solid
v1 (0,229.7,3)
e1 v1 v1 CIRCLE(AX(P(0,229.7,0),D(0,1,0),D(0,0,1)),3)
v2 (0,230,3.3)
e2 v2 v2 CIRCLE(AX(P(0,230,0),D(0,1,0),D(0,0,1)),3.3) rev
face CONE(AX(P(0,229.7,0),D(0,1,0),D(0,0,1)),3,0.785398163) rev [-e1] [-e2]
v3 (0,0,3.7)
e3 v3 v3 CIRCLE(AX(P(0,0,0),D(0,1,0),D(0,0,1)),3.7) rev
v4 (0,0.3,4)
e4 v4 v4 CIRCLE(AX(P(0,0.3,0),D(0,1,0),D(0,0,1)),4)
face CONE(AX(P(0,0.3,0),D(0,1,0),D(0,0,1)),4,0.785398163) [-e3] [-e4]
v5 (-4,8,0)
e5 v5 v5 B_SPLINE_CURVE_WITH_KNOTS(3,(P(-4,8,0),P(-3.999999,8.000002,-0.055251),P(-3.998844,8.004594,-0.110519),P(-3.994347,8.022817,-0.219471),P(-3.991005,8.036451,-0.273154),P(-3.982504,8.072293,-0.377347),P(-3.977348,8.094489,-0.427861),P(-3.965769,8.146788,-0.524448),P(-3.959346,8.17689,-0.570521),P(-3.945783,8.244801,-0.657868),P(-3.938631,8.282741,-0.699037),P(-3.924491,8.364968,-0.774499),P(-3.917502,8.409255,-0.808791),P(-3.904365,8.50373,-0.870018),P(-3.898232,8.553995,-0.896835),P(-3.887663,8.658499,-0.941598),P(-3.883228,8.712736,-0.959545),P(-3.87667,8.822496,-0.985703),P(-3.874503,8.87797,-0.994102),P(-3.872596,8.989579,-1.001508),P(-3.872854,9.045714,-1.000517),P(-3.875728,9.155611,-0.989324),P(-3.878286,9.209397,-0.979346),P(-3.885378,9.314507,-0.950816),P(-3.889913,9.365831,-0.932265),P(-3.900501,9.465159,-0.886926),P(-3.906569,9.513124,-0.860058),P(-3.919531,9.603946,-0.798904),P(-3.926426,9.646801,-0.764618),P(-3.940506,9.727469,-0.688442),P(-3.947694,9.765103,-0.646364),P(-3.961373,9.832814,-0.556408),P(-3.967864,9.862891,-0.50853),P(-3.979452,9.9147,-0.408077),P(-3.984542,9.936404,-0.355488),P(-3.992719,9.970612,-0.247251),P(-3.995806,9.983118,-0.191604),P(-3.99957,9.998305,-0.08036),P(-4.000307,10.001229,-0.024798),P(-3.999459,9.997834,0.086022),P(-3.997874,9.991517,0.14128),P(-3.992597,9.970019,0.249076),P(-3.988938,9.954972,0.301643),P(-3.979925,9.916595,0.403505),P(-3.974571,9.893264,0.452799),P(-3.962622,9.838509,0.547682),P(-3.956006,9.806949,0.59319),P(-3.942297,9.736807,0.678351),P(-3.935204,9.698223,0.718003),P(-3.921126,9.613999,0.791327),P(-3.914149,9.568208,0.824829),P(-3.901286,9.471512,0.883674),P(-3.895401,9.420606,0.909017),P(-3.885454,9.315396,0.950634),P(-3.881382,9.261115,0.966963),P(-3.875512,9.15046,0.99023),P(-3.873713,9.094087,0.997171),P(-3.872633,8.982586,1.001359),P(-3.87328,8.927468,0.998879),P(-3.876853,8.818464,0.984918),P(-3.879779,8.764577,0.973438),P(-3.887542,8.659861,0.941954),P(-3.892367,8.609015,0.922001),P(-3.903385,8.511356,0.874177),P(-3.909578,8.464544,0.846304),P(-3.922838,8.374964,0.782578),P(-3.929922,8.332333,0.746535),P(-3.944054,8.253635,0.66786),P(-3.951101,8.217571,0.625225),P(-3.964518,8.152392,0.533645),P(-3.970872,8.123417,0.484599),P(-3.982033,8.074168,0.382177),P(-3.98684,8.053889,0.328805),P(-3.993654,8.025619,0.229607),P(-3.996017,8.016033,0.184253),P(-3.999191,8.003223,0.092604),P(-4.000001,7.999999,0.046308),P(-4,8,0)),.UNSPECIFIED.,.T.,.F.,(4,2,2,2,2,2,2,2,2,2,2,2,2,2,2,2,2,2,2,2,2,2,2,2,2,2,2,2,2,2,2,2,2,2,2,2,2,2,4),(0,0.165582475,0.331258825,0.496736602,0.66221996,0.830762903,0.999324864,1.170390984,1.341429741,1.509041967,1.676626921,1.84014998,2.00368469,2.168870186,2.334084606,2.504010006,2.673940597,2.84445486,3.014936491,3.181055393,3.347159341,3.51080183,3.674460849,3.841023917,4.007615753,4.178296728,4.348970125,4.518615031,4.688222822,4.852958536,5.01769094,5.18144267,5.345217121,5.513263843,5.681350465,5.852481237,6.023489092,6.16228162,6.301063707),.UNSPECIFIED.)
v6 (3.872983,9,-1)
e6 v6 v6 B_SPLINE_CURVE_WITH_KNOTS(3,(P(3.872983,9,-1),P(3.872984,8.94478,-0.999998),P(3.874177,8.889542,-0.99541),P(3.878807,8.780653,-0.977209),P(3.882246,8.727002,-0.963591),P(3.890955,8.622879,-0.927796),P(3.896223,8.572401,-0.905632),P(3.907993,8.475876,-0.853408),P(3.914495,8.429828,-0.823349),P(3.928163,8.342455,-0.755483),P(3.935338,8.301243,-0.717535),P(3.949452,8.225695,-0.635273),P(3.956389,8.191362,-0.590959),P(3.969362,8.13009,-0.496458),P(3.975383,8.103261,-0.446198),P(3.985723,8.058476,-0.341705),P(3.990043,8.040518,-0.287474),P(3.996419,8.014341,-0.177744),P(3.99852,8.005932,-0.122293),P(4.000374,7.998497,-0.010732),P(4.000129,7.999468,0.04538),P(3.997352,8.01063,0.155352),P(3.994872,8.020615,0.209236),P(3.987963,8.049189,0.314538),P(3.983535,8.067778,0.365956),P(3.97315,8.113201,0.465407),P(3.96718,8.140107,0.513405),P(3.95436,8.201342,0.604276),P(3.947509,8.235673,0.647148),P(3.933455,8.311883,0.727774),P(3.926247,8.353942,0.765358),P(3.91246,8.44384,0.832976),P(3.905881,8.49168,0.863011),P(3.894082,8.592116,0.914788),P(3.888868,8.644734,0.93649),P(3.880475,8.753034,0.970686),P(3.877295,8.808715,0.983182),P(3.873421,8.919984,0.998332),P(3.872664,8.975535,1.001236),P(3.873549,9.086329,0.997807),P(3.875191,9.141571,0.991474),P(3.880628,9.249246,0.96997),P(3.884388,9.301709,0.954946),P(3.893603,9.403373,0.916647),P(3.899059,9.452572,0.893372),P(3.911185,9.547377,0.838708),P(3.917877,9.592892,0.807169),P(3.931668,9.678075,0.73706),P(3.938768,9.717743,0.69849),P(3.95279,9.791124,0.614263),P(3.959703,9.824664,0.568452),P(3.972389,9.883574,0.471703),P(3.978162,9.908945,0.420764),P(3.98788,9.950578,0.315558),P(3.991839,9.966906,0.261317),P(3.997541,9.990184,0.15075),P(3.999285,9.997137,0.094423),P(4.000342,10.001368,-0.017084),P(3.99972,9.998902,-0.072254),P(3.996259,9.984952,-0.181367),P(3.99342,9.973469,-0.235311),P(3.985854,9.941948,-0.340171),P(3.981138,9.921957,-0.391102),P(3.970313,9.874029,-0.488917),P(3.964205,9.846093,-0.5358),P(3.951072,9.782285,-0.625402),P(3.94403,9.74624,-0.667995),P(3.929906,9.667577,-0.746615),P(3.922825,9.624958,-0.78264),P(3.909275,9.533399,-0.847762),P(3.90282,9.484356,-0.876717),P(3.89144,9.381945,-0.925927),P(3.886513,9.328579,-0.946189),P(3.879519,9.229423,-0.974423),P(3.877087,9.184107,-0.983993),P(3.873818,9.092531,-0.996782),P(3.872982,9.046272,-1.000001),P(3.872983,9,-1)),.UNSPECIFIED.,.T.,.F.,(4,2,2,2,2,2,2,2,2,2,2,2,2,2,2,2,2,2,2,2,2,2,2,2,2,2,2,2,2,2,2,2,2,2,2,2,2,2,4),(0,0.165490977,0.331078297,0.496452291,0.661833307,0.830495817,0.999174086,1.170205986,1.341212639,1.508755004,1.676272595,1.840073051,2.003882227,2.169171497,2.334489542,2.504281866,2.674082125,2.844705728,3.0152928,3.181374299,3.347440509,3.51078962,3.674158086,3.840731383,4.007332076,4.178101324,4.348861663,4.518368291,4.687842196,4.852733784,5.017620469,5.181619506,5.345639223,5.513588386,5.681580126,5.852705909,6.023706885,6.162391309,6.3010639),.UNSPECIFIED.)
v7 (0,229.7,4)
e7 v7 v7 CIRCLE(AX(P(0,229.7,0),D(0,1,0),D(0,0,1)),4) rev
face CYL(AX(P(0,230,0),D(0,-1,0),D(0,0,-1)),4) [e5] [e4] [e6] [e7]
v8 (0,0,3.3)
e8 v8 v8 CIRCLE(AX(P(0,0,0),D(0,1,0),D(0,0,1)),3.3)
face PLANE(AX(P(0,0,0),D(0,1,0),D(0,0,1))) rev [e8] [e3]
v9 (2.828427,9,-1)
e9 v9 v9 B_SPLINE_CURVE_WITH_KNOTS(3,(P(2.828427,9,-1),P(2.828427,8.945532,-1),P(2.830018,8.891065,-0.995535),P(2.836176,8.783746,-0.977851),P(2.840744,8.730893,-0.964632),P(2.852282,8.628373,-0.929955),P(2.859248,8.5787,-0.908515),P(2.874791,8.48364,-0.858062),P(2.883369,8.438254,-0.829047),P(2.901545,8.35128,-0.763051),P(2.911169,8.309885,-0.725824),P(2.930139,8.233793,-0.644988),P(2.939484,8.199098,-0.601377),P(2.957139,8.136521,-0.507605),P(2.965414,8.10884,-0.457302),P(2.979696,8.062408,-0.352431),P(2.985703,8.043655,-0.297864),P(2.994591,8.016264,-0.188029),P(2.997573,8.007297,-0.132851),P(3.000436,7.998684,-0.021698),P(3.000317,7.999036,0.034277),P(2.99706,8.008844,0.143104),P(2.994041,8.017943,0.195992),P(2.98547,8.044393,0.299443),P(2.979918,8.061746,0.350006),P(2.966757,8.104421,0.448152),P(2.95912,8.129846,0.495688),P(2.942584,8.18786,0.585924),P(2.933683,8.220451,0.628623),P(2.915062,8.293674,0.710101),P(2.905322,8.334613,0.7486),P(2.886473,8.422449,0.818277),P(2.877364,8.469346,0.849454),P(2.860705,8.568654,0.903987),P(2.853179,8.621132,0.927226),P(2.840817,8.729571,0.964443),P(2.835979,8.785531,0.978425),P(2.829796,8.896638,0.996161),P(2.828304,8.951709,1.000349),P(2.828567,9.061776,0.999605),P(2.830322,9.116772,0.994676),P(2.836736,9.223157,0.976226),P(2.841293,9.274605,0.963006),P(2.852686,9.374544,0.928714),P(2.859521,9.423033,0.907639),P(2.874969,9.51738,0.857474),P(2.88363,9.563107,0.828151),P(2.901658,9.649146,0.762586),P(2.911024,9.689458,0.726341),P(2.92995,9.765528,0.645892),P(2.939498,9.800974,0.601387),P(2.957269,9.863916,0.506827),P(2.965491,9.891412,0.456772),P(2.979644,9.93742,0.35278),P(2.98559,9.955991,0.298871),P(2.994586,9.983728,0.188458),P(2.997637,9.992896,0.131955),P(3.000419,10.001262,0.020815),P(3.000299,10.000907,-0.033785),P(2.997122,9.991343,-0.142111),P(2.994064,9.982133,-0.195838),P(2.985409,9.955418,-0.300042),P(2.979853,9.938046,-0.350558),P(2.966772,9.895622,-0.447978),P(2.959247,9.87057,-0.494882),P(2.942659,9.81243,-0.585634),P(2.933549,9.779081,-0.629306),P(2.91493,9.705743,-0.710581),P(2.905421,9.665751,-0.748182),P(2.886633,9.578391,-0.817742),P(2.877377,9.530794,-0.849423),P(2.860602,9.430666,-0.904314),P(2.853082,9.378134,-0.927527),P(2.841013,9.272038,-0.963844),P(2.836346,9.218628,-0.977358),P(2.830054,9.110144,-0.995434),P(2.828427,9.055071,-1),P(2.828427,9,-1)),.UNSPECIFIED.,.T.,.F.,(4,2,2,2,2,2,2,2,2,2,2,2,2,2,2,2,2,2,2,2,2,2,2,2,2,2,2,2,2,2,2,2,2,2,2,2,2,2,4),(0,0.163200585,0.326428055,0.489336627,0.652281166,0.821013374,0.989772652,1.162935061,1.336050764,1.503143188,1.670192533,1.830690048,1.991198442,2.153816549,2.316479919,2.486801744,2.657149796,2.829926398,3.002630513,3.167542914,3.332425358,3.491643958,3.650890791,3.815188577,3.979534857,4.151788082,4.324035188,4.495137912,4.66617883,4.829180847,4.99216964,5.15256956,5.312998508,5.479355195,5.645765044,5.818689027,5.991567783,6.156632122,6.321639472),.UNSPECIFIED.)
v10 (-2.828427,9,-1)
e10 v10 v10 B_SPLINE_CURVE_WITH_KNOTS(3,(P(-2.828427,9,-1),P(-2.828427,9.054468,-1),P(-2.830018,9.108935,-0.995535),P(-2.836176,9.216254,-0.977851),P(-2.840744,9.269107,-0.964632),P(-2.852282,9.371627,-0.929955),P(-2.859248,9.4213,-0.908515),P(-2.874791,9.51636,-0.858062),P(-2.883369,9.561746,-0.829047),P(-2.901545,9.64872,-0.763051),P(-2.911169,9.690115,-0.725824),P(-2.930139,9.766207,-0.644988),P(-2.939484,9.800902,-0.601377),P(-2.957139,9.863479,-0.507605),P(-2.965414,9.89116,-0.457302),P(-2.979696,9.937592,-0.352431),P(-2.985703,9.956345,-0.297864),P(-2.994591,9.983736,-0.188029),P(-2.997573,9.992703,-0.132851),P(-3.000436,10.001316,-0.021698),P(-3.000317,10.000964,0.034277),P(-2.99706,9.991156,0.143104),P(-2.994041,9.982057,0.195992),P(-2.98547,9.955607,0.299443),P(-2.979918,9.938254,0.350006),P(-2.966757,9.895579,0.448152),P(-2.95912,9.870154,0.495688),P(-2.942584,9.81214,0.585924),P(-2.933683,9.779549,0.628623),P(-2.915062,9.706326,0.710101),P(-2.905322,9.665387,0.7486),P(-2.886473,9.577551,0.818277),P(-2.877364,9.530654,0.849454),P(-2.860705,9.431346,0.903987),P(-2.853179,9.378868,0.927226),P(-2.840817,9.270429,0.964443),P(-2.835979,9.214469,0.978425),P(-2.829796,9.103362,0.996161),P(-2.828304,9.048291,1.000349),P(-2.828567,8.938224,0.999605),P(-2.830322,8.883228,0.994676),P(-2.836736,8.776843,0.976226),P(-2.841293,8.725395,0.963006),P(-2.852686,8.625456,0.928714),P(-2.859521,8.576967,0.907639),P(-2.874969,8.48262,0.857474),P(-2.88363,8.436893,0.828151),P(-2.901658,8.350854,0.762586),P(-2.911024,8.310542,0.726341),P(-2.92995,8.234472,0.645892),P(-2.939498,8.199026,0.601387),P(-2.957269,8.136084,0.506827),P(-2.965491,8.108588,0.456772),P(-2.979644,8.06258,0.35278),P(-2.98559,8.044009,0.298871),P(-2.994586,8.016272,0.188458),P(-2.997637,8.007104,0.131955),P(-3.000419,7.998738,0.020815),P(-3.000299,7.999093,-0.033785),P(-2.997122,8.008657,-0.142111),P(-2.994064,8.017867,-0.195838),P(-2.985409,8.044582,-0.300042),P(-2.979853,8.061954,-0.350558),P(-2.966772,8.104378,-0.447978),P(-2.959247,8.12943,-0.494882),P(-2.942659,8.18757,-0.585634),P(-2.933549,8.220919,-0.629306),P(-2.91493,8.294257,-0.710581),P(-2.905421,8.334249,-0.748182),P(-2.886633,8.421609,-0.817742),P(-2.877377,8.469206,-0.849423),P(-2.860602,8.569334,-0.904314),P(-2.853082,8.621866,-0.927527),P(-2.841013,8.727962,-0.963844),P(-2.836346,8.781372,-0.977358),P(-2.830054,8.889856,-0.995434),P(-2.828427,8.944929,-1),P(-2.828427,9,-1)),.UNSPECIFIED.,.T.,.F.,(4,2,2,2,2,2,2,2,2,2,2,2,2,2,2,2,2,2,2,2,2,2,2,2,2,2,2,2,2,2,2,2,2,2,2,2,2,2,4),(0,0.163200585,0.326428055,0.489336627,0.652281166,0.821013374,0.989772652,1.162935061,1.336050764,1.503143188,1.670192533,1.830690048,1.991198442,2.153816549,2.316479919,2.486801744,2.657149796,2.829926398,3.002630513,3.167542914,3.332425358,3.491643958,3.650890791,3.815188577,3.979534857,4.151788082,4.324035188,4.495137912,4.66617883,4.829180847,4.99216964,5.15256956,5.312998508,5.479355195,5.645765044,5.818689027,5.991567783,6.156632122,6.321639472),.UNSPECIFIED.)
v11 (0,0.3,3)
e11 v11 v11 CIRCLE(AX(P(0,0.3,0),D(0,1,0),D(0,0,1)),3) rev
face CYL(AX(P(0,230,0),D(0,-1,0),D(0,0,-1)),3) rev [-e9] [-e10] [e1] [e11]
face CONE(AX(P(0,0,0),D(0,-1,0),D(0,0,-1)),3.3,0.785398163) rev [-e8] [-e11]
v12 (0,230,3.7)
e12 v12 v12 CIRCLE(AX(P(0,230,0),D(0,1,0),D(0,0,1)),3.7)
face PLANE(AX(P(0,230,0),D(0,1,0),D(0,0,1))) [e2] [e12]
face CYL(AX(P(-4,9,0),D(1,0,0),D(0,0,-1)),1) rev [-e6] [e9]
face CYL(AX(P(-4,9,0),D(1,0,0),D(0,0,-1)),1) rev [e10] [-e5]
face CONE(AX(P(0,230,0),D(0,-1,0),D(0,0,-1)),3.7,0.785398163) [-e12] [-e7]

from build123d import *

# Parameters (mm, degrees)
SKETCH_1_R               = 4
SKETCH_1_R_2             = 3
EXTRUDE_1_DEPTH          = 230
CHAMFER_1_SIZE           = 0.3
CUT_EXTRUDE_1_DEPTH      = 231.0695547
CUT_EXTRUDE_1_DEPTH_BACK = 231.0695547
SKETCH_2_R               = 1


with BuildPart() as part:
    # Эскиз1 → Бобышка-Вытянуть1 (new body)
    with BuildSketch(Plane(origin=(0, 0, 0), x_dir=(1, 0, 0), z_dir=(0, 1, 0))):
        with Locations(Location((0, 0, 0), (0, 0, 270))):
            Circle(SKETCH_1_R)
        with Locations(Location((0, 0, 0), (0, 0, 270))):
            Circle(SKETCH_1_R_2, mode=Mode.SUBTRACT)
    extrude(amount=EXTRUDE_1_DEPTH)

    # Фаска1
    chamfer_1_edges = [part.edges().sort_by_distance(p)[0] for p in [
        (0, 0, -4),
        (0, 230, -4),
        (0, 0, -3),
        (0, 230, -3),
    ]]
    chamfer(chamfer_1_edges, length=CHAMFER_1_SIZE)

    # Эскиз2 → Вырез-Вытянуть1 (cut, two sides: drawn at the far end of the back side and taken through both)
    with BuildSketch(Plane(origin=(0, 0, 0), x_dir=(0, 0, -1), z_dir=(1, 0, 0)).offset(-CUT_EXTRUDE_1_DEPTH_BACK)):
        with Locations((0, 9)):
            Circle(SKETCH_2_R)
    extrude(amount=CUT_EXTRUDE_1_DEPTH + CUT_EXTRUDE_1_DEPTH_BACK, mode=Mode.SUBTRACT)


solid = part.part
